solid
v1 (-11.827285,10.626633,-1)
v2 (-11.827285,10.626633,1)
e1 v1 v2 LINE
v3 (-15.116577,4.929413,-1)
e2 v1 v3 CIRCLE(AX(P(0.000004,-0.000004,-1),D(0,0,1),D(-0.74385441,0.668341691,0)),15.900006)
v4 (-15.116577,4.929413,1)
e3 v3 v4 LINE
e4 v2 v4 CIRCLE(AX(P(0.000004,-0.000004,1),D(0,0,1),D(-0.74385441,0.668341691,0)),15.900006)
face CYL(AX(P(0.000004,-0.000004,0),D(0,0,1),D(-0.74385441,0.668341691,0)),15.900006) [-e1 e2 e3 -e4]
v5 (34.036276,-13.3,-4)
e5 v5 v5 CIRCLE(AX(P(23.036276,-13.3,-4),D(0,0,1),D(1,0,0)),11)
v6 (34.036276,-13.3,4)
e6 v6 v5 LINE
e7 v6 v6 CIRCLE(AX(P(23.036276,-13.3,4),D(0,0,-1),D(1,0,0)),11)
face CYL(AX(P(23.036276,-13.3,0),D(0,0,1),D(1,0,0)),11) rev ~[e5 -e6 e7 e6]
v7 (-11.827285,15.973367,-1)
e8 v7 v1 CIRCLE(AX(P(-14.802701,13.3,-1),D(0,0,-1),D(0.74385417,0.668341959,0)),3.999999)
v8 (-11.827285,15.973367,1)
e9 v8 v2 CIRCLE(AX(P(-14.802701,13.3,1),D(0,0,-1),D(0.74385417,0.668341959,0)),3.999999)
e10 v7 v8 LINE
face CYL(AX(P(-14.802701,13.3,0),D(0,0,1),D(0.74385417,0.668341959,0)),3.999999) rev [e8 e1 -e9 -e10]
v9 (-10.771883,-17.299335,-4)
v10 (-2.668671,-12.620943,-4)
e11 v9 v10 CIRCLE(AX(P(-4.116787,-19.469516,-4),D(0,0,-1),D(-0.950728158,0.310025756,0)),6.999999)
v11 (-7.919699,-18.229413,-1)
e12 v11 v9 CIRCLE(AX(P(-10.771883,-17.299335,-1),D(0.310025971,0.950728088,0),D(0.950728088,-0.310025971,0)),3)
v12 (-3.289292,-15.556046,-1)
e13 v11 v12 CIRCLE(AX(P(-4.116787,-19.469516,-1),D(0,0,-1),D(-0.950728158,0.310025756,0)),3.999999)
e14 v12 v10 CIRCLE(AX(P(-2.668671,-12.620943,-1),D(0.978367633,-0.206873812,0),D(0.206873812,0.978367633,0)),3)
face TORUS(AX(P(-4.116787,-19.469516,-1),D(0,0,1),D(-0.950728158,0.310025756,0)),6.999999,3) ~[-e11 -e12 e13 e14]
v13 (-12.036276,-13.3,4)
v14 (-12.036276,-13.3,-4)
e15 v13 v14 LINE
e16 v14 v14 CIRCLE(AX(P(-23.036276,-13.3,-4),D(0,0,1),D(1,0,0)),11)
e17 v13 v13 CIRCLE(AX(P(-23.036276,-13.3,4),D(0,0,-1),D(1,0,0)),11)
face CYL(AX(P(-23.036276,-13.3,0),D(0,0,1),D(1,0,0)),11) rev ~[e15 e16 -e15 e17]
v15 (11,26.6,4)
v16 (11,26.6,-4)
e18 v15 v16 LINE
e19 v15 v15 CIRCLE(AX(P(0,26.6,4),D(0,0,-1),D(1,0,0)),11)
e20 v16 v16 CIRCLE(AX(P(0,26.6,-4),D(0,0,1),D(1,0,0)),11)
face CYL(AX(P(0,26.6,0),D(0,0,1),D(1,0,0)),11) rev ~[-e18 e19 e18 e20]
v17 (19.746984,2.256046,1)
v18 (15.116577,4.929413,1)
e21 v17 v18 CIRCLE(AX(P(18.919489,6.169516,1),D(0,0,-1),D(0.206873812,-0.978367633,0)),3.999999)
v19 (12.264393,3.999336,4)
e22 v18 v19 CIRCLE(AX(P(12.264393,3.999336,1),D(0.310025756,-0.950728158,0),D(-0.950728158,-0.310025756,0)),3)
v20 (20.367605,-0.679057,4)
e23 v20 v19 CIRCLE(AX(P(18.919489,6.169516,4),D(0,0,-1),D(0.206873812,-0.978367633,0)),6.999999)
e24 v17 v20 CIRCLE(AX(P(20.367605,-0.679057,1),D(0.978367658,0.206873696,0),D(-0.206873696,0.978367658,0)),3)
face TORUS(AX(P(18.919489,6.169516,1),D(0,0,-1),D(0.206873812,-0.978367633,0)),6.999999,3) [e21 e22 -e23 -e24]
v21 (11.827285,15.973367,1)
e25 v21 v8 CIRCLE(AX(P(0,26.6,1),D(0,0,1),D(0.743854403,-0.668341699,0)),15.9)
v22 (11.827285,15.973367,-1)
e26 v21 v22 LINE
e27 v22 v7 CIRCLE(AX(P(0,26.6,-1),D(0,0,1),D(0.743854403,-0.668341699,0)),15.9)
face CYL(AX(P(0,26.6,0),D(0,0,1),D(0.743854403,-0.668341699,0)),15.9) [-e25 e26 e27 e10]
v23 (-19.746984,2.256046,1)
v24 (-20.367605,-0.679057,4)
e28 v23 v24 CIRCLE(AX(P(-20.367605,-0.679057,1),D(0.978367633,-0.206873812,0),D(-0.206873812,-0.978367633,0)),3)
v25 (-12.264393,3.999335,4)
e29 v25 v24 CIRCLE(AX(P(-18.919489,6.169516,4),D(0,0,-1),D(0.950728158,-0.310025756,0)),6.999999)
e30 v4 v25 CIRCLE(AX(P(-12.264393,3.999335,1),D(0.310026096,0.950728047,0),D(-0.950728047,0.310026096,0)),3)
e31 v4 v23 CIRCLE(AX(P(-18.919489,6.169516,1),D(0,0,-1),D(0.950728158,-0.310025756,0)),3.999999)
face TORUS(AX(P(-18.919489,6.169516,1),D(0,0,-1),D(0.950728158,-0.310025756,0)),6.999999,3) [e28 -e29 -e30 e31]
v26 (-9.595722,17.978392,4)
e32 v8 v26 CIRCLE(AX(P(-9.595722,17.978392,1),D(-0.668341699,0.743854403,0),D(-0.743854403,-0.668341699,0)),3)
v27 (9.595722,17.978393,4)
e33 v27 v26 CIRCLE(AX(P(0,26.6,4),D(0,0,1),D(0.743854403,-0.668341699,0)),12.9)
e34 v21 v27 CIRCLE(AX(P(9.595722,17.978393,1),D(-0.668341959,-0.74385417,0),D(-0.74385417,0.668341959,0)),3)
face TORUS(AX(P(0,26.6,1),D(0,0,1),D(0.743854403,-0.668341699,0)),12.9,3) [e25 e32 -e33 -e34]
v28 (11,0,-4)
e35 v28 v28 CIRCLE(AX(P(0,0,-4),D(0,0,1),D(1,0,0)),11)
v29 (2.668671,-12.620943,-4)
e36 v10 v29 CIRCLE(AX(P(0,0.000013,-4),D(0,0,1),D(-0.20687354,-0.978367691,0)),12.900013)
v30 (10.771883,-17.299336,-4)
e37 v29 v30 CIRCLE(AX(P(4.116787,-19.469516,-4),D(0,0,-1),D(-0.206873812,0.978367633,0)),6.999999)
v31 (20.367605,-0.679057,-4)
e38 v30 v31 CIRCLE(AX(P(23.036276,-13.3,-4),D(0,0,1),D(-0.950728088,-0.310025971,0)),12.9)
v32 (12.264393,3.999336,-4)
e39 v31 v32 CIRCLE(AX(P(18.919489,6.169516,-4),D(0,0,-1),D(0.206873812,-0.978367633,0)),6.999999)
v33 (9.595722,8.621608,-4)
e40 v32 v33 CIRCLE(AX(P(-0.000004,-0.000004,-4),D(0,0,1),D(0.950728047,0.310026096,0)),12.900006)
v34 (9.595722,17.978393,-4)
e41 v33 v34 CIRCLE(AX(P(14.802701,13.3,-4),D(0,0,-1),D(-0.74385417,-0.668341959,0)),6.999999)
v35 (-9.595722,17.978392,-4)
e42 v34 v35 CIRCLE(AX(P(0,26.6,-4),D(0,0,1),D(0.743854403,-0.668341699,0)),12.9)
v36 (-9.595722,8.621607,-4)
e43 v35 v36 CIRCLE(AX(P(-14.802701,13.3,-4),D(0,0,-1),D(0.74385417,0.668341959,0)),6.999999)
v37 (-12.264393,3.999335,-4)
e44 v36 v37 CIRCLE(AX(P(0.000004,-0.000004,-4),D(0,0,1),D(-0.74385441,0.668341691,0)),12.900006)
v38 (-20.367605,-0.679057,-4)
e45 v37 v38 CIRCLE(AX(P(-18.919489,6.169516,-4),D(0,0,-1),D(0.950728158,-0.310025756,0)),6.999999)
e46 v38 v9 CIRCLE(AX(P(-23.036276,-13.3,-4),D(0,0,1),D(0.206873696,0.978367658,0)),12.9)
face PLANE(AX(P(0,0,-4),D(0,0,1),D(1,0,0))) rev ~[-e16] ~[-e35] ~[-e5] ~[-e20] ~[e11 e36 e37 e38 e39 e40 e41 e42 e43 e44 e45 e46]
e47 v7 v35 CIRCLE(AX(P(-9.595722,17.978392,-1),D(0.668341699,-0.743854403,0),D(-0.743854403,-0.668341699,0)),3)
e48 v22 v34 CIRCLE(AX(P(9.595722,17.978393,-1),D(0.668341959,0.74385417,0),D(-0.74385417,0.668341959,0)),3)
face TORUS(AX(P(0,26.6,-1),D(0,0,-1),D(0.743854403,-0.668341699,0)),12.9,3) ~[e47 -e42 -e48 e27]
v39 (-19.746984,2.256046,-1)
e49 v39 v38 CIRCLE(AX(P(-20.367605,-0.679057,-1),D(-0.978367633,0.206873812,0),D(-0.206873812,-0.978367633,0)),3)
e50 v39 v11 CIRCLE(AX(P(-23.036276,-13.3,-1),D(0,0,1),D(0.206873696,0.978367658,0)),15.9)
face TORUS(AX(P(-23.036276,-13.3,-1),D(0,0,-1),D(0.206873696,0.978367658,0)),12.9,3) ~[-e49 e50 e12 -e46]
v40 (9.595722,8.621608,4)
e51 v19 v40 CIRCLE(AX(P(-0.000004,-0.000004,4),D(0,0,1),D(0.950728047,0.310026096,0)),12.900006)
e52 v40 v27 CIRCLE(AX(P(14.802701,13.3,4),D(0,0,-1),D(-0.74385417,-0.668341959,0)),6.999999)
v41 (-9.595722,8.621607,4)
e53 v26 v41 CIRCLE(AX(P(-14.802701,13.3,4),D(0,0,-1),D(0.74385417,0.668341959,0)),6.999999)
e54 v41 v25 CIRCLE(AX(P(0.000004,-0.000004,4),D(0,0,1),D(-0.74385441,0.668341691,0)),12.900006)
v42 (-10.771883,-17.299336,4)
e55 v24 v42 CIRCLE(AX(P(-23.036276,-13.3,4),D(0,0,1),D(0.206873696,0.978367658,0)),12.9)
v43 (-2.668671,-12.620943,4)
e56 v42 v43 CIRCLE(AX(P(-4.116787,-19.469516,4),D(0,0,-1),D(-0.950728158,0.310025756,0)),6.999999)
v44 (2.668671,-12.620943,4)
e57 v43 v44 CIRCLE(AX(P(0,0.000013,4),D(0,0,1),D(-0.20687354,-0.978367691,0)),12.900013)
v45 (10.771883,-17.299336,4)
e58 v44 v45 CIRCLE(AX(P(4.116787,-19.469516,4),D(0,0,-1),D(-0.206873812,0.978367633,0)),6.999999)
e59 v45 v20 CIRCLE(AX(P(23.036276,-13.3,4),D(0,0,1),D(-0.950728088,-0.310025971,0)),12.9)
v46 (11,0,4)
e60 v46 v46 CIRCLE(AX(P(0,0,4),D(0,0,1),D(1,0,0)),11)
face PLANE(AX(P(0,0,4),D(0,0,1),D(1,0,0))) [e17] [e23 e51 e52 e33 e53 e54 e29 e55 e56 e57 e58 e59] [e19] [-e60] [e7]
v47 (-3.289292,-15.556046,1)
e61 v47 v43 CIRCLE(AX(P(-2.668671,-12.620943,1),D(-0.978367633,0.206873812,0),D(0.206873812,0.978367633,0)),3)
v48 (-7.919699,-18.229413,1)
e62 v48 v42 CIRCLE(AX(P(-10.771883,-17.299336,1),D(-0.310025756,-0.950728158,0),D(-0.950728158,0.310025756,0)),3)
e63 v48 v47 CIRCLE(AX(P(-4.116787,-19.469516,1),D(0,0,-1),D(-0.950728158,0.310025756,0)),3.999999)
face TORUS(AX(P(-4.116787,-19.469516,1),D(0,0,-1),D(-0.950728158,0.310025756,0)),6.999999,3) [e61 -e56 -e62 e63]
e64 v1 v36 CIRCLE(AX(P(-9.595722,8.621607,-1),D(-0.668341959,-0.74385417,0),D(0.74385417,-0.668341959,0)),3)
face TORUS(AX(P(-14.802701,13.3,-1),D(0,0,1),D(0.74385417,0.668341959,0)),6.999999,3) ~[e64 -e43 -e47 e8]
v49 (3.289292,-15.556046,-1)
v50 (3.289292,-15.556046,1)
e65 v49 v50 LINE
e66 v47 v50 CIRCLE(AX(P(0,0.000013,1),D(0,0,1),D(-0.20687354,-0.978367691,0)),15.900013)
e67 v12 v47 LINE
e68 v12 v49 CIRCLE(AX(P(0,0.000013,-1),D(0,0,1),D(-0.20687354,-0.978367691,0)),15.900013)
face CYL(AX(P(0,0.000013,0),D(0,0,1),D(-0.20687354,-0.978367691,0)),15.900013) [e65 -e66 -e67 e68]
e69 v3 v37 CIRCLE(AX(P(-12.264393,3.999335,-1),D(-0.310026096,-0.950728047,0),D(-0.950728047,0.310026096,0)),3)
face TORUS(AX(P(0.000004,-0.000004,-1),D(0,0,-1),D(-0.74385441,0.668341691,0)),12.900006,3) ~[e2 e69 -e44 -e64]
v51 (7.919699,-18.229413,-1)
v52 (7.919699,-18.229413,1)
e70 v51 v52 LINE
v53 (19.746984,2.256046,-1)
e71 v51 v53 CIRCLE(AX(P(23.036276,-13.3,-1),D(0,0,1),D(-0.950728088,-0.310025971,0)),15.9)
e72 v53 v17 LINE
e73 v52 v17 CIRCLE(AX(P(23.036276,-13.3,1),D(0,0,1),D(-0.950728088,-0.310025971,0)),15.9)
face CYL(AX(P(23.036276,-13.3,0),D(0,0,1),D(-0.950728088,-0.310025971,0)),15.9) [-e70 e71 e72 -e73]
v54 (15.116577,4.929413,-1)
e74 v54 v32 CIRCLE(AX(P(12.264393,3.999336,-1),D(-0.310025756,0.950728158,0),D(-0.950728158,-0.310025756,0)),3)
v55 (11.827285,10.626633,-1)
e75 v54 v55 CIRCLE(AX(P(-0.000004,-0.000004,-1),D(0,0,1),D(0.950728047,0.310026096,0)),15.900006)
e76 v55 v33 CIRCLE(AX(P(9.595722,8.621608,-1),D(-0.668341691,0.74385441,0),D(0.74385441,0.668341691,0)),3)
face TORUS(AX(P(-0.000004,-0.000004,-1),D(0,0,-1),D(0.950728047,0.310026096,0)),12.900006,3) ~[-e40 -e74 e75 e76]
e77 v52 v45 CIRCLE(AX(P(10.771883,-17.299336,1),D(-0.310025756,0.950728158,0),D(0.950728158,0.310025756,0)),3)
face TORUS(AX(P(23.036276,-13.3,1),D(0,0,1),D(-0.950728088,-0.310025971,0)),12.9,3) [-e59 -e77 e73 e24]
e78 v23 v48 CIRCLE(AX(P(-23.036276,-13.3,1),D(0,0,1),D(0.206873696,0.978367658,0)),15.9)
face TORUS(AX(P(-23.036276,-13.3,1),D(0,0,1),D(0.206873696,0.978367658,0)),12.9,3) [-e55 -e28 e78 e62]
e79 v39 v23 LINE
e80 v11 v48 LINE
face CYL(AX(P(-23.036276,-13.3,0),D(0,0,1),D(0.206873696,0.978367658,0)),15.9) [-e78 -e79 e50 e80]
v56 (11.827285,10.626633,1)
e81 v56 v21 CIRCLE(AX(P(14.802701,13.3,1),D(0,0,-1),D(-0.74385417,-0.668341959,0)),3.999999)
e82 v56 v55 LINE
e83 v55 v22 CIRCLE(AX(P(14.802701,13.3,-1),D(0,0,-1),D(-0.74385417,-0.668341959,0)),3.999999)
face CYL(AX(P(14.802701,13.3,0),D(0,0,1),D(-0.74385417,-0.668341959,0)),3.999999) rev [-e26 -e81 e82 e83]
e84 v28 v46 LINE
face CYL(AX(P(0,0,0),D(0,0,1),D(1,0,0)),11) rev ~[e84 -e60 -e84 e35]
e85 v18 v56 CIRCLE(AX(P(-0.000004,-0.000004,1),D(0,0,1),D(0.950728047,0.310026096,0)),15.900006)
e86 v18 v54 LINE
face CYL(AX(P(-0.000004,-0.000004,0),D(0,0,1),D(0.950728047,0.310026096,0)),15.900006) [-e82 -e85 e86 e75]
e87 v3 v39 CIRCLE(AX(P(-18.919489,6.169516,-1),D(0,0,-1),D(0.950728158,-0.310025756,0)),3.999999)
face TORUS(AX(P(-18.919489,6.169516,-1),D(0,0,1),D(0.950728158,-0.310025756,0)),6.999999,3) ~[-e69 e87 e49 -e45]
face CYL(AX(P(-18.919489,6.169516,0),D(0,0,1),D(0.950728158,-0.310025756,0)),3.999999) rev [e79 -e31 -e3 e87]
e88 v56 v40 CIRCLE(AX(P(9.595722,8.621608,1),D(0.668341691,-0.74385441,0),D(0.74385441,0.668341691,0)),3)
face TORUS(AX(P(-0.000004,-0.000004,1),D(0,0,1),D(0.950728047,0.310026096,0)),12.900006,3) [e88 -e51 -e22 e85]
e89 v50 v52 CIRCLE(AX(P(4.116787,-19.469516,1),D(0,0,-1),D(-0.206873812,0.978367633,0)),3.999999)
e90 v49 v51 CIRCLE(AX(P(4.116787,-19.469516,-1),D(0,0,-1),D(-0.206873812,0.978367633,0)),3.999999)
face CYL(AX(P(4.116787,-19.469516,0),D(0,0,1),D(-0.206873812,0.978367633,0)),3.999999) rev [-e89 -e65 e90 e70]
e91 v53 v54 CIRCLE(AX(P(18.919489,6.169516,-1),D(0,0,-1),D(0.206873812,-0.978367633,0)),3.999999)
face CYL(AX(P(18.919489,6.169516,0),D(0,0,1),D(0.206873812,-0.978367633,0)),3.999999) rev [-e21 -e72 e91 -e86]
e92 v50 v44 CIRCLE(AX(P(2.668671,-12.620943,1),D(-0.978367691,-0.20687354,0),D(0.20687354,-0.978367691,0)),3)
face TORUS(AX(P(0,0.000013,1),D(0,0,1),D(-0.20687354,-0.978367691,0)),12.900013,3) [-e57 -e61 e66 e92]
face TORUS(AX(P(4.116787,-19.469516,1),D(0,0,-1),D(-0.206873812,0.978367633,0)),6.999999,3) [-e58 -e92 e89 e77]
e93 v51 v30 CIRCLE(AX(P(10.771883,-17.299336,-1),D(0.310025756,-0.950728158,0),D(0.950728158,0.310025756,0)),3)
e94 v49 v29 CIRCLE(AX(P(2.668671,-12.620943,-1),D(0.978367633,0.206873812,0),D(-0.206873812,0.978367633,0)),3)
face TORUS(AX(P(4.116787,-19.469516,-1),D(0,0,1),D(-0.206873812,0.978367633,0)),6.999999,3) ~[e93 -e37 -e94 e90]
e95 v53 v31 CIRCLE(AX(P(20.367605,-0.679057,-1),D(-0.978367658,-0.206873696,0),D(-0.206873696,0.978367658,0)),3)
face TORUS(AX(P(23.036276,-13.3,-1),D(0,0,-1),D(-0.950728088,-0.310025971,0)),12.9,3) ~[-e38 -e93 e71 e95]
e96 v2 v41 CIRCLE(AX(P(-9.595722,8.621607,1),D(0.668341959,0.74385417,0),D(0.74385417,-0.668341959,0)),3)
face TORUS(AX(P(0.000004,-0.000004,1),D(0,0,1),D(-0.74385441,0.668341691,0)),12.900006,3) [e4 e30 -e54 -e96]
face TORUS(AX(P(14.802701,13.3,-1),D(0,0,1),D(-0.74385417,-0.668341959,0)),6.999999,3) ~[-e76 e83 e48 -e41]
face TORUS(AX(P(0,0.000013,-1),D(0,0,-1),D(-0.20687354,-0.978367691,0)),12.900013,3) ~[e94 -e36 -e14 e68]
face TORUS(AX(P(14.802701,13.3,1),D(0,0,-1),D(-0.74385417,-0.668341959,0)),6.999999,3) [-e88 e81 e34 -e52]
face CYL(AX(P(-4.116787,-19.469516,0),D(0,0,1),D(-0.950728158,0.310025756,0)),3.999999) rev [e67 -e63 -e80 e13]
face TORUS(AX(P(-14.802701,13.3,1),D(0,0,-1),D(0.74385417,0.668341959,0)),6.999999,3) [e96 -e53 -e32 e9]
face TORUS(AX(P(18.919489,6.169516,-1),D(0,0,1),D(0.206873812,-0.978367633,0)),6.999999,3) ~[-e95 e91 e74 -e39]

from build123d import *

# Parameters (mm, degrees)
F1_DEPTH = 4
F2_R     = 11
F3_DEPTH = 4.5
F4_R     = 3


with BuildPart() as f1:
    # F0 (on Top) → F1 (new body, symmetric)
    with BuildSketch(Plane.XY):
        with BuildLine():
            ThreePointArc((11.827285, 15.973367), (0, 42.5), (-11.827285, 15.973367))
            ThreePointArc((-11.827285, 15.973367), (-10.802702, 13.3), (-11.827285, 10.626633))
            ThreePointArc((-11.827285, 10.626633), (-13.769804, 7.95), (-15.116577, 4.929413))
            ThreePointArc((-15.116577, 4.929413), (-16.919489, 2.705415), (-19.746984, 2.256046))
            ThreePointArc((-19.746984, 2.256046), (-36.80608, -21.25), (-7.919699, -18.229413))
            ThreePointArc((-7.919699, -18.229413), (-6.116787, -16.005415), (-3.289292, -15.556046))
            ThreePointArc((-3.289292, -15.556046), (0, -15.9), (3.289292, -15.556046))
            ThreePointArc((3.289292, -15.556046), (6.116787, -16.005415), (7.919699, -18.229413))
            ThreePointArc((7.919699, -18.229413), (36.80608, -21.25), (19.746984, 2.256046))
            ThreePointArc((19.746984, 2.256046), (16.919489, 2.705415), (15.116577, 4.929413))
            ThreePointArc((15.116577, 4.929413), (13.769804, 7.95), (11.827285, 10.626633))
            ThreePointArc((11.827285, 10.626633), (10.802702, 13.3), (11.827285, 15.973367))
        make_face()
    extrude(amount=F1_DEPTH, both=True)

    # F2 (on Top) → F3 (cut, symmetric)
    with BuildSketch(Plane.XY):
        with Locations((0, 26.6)):
            Circle(F2_R)
        with Locations((-23.036276, -13.3)):
            Circle(F2_R)
        with Locations((23.036276, -13.3)):
            Circle(F2_R)
        Circle(F2_R)
    extrude(amount=F3_DEPTH, both=True, mode=Mode.SUBTRACT)

    # F4
    f4_edges = [f1.edges().sort_by_distance(p)[0] for p in [
        (-6.116787, -16.005415, 4),
        (6.116787, -16.005415, -4),
    ]]
    fillet(f4_edges, radius=F4_R)


solid = f1.part
